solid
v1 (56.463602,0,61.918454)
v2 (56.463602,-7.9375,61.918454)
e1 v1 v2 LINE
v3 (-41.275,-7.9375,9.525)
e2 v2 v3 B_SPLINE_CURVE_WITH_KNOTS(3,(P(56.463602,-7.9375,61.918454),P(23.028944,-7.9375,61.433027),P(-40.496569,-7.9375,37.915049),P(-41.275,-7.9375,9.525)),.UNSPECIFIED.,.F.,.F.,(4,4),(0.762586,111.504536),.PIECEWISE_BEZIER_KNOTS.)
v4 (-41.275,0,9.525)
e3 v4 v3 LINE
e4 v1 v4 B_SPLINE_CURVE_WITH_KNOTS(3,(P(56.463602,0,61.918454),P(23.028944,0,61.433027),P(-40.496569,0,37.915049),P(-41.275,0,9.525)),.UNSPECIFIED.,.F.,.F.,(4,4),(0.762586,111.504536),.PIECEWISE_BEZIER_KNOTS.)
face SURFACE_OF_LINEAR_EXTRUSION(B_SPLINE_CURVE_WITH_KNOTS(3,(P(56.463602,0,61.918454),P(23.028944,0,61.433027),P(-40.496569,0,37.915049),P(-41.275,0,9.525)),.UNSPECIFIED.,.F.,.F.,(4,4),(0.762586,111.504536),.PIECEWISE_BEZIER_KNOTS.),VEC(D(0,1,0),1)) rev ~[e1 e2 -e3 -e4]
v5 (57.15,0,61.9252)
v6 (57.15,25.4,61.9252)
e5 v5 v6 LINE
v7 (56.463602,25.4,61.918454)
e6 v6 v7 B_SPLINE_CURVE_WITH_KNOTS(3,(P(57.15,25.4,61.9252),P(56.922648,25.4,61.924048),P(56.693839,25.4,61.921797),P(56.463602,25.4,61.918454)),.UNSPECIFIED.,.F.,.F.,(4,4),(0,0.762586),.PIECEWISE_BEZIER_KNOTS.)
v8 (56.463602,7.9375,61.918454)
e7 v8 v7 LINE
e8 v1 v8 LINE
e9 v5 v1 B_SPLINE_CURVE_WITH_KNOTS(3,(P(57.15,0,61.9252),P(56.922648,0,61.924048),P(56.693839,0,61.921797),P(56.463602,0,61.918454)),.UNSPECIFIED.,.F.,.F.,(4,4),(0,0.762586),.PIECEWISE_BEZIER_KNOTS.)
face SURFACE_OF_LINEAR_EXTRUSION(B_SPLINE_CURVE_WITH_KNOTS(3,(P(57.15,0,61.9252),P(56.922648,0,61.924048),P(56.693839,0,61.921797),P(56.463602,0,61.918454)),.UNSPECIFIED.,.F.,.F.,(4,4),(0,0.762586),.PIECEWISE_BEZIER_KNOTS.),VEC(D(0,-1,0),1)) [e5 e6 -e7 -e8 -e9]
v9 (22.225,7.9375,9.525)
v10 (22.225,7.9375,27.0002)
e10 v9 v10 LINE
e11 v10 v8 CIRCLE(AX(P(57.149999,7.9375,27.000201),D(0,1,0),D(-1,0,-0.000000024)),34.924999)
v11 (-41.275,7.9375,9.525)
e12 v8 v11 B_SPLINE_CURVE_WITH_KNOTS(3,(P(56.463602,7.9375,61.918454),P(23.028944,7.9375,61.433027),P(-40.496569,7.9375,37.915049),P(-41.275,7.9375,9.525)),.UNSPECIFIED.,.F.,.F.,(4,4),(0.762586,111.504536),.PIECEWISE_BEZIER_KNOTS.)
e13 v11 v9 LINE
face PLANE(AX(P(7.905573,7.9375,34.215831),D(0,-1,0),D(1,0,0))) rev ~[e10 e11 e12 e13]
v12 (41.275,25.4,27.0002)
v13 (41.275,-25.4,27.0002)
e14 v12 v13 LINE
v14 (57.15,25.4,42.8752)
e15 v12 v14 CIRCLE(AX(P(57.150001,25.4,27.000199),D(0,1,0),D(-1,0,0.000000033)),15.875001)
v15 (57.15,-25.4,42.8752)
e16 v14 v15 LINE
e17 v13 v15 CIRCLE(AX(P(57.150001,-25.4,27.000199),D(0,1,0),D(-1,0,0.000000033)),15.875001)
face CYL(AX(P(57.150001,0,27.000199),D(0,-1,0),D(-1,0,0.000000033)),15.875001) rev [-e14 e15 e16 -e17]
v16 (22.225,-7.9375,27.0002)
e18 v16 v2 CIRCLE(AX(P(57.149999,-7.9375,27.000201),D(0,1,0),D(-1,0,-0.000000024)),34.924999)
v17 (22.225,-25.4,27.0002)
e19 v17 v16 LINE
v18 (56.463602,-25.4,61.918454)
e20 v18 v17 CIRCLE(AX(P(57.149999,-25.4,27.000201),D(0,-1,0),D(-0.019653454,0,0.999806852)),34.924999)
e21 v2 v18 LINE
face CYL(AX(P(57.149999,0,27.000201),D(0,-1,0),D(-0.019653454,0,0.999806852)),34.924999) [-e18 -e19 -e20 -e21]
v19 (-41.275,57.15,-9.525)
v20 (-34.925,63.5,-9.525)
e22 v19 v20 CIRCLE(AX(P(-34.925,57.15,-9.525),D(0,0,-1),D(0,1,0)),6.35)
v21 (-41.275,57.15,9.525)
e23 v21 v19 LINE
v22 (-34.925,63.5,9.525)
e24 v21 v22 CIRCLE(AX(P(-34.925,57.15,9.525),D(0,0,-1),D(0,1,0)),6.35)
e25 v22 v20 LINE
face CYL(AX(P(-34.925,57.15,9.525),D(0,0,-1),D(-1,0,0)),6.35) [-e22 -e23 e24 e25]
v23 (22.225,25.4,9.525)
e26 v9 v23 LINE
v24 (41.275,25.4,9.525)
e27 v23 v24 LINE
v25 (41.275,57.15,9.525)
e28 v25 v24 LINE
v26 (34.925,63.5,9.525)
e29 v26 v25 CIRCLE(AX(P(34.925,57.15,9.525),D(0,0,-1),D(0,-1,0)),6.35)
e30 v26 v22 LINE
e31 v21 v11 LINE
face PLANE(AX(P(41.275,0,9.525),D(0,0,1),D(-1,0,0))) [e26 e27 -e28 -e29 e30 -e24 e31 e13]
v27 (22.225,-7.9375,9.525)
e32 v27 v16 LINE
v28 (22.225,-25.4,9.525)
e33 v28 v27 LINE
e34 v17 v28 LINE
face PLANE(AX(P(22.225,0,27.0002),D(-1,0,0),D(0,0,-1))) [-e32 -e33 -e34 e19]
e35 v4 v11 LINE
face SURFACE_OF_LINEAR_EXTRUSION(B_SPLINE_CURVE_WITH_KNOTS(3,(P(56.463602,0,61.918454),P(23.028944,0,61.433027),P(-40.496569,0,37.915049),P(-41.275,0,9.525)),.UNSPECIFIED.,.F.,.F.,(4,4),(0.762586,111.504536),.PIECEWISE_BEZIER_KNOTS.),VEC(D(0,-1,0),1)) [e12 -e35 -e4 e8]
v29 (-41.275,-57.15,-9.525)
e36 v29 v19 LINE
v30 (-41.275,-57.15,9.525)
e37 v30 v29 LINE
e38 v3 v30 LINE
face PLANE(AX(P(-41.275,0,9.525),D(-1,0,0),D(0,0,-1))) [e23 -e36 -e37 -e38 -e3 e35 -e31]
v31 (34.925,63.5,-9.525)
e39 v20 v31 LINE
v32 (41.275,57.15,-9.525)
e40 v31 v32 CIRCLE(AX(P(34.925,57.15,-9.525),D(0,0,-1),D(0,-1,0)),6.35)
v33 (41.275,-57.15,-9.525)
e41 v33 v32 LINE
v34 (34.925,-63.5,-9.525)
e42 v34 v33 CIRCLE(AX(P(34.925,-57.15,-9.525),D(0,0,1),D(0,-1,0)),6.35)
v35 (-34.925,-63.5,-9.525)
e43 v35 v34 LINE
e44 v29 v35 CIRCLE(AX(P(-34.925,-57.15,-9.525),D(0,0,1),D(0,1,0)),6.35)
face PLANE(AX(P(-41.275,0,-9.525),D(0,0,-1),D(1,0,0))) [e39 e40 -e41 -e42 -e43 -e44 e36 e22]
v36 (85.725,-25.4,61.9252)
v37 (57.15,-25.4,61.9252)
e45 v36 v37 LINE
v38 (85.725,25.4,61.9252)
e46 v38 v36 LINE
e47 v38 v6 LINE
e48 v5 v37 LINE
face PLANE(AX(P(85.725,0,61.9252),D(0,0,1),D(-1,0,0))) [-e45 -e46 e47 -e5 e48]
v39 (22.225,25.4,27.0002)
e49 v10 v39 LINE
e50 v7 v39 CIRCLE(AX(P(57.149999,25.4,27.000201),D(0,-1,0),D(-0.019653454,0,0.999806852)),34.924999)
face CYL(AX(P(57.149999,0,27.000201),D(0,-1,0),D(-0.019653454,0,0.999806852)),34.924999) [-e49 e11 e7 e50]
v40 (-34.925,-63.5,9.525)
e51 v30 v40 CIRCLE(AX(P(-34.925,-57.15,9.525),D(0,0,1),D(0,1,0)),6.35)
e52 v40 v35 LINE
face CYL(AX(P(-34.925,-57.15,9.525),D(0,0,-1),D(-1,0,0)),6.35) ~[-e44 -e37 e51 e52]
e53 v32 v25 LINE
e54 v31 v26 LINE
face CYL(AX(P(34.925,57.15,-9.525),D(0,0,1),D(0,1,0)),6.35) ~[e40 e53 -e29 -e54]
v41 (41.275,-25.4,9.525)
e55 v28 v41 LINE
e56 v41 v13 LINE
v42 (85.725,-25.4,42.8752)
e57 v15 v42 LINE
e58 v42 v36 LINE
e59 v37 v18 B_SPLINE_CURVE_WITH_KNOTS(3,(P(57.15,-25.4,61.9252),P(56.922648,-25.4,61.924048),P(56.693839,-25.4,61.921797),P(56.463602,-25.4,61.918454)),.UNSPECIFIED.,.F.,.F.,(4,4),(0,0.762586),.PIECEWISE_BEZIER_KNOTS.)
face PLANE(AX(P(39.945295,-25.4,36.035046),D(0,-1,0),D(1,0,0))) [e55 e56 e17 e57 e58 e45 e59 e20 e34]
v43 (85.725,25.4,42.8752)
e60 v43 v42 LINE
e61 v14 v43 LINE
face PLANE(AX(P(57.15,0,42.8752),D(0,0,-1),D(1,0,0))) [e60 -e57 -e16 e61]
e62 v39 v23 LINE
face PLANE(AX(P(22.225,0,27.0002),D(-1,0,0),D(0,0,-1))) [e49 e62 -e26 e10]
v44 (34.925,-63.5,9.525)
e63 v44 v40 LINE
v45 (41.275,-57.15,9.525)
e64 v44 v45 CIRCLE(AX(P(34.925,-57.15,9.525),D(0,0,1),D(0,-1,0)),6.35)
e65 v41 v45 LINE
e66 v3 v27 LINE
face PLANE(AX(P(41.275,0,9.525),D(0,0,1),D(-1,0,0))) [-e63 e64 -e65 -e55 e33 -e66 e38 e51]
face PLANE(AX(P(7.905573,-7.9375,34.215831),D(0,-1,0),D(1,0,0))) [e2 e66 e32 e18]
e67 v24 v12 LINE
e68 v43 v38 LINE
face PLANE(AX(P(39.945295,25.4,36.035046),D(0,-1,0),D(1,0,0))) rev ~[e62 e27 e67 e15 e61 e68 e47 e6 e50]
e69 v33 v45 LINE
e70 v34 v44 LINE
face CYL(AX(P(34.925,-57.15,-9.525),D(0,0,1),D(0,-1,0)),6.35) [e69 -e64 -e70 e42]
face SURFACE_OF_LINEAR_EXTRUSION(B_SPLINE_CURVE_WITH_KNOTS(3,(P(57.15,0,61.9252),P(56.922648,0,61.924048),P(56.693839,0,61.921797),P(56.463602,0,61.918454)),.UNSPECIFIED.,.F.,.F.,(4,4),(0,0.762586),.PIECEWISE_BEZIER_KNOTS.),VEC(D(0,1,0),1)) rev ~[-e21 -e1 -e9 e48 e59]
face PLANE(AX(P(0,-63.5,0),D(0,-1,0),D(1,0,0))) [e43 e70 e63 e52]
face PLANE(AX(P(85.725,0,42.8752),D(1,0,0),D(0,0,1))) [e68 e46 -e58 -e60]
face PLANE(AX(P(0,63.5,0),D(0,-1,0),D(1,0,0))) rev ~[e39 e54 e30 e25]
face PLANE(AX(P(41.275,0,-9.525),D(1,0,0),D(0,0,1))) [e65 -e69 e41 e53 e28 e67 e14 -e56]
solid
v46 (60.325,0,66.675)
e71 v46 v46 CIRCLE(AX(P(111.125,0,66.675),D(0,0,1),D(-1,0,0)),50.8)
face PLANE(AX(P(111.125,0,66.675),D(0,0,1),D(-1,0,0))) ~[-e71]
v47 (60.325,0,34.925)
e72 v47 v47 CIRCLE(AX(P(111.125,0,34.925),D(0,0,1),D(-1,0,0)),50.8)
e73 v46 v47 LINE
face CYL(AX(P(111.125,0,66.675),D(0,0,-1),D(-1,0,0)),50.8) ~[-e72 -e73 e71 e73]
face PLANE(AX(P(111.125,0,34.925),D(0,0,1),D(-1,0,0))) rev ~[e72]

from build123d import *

# Parameters (mm, degrees)
F1_DEPTH = 63.5
F0_W     = 25.4
F0_H     = 19.05
F2_DEPTH = 25.4
F3_DEPTH = 7.9375
F5_R     = 6.35


with BuildPart() as f1:
    # F0 (on Front) → F1 (new body, symmetric)
    with BuildSketch(Plane.XZ):
        Polygon((41.275, -9.525), (41.275, 9.525), (22.225, 9.525), (-41.275, 9.525), (-41.275, -9.525), align=None)
    extrude(amount=F1_DEPTH, both=True)

    # F0 (on Front) → F2 (join, symmetric)
    with BuildSketch(Plane.XZ):
        with BuildLine():
            Line((22.225, 9.525), (41.275, 9.525))
            Line((41.275, 9.525), (41.275, 27.0002))
            ThreePointArc((41.275, 27.0002), (45.92468, 38.22552), (57.15, 42.8752))
            Line((57.15, 42.8752), (60.325, 42.8752))
            Line((60.325, 42.8752), (60.325, 61.9252))
            Line((60.325, 61.9252), (57.15, 61.9252))
            add(Edge.make_bspline(
                [(57.15, 61.9252), (56.922648, 61.924048), (56.693839, 61.921797), (56.463602, 61.918454)],
                knots=[0, 0, 0, 0, 0.762586, 0.762586, 0.762586, 0.762586], degree=3))
            ThreePointArc((56.463602, 61.918454), (32.212798, 51.452022), (22.225, 27.0002))
            Line((22.225, 27.0002), (22.225, 9.525))
        make_face()
        with Locations((73.025, 52.4002)):
            Rectangle(F0_W, F0_H)
    extrude(amount=F2_DEPTH, both=True)

    # F0 (on Front) → F3 (join, symmetric)
    with BuildSketch(Plane.XZ):
        with BuildLine():
            Line((-41.275, 9.525), (22.225, 9.525))
            Line((22.225, 9.525), (22.225, 27.0002))
            ThreePointArc((22.225, 27.0002), (32.212798, 51.452022), (56.463602, 61.918454))
            add(Edge.make_bspline(
                [(56.463602, 61.918454), (23.028944, 61.433027), (-40.496569, 37.915049), (-41.275, 9.525)],
                knots=[0.762586, 0.762586, 0.762586, 0.762586, 111.504536, 111.504536, 111.504536, 111.504536], degree=3))
        make_face()
    extrude(amount=F3_DEPTH, both=True)

    # F5
    f5_edges = [f1.edges().sort_by_distance(p)[0] for p in [
        (41.275, -63.5, 0),
        (-41.275, -63.5, 0),
        (-41.275, 63.5, 0),
        (41.275, 63.5, 0),
    ]]
    fillet(f5_edges, radius=F5_R)


with BuildPart() as f4:
    # F0 (on Front) → F4 (revolve)
    with BuildSketch(Plane.XZ):
        Polygon((85.725, 42.8752), (60.325, 42.8752), (60.325, 34.925), (111.125, 34.925), (111.125, 66.675), (60.325, 66.675), (60.325, 61.9252), (85.725, 61.9252), align=None)
        with Locations((73.025, 52.4002)):
            Rectangle(F0_W, F0_H)
    revolve(axis=Axis((111.125, 0, 50.8), (0, 0, 1)))


solid = Compound([f1.part, f4.part])
